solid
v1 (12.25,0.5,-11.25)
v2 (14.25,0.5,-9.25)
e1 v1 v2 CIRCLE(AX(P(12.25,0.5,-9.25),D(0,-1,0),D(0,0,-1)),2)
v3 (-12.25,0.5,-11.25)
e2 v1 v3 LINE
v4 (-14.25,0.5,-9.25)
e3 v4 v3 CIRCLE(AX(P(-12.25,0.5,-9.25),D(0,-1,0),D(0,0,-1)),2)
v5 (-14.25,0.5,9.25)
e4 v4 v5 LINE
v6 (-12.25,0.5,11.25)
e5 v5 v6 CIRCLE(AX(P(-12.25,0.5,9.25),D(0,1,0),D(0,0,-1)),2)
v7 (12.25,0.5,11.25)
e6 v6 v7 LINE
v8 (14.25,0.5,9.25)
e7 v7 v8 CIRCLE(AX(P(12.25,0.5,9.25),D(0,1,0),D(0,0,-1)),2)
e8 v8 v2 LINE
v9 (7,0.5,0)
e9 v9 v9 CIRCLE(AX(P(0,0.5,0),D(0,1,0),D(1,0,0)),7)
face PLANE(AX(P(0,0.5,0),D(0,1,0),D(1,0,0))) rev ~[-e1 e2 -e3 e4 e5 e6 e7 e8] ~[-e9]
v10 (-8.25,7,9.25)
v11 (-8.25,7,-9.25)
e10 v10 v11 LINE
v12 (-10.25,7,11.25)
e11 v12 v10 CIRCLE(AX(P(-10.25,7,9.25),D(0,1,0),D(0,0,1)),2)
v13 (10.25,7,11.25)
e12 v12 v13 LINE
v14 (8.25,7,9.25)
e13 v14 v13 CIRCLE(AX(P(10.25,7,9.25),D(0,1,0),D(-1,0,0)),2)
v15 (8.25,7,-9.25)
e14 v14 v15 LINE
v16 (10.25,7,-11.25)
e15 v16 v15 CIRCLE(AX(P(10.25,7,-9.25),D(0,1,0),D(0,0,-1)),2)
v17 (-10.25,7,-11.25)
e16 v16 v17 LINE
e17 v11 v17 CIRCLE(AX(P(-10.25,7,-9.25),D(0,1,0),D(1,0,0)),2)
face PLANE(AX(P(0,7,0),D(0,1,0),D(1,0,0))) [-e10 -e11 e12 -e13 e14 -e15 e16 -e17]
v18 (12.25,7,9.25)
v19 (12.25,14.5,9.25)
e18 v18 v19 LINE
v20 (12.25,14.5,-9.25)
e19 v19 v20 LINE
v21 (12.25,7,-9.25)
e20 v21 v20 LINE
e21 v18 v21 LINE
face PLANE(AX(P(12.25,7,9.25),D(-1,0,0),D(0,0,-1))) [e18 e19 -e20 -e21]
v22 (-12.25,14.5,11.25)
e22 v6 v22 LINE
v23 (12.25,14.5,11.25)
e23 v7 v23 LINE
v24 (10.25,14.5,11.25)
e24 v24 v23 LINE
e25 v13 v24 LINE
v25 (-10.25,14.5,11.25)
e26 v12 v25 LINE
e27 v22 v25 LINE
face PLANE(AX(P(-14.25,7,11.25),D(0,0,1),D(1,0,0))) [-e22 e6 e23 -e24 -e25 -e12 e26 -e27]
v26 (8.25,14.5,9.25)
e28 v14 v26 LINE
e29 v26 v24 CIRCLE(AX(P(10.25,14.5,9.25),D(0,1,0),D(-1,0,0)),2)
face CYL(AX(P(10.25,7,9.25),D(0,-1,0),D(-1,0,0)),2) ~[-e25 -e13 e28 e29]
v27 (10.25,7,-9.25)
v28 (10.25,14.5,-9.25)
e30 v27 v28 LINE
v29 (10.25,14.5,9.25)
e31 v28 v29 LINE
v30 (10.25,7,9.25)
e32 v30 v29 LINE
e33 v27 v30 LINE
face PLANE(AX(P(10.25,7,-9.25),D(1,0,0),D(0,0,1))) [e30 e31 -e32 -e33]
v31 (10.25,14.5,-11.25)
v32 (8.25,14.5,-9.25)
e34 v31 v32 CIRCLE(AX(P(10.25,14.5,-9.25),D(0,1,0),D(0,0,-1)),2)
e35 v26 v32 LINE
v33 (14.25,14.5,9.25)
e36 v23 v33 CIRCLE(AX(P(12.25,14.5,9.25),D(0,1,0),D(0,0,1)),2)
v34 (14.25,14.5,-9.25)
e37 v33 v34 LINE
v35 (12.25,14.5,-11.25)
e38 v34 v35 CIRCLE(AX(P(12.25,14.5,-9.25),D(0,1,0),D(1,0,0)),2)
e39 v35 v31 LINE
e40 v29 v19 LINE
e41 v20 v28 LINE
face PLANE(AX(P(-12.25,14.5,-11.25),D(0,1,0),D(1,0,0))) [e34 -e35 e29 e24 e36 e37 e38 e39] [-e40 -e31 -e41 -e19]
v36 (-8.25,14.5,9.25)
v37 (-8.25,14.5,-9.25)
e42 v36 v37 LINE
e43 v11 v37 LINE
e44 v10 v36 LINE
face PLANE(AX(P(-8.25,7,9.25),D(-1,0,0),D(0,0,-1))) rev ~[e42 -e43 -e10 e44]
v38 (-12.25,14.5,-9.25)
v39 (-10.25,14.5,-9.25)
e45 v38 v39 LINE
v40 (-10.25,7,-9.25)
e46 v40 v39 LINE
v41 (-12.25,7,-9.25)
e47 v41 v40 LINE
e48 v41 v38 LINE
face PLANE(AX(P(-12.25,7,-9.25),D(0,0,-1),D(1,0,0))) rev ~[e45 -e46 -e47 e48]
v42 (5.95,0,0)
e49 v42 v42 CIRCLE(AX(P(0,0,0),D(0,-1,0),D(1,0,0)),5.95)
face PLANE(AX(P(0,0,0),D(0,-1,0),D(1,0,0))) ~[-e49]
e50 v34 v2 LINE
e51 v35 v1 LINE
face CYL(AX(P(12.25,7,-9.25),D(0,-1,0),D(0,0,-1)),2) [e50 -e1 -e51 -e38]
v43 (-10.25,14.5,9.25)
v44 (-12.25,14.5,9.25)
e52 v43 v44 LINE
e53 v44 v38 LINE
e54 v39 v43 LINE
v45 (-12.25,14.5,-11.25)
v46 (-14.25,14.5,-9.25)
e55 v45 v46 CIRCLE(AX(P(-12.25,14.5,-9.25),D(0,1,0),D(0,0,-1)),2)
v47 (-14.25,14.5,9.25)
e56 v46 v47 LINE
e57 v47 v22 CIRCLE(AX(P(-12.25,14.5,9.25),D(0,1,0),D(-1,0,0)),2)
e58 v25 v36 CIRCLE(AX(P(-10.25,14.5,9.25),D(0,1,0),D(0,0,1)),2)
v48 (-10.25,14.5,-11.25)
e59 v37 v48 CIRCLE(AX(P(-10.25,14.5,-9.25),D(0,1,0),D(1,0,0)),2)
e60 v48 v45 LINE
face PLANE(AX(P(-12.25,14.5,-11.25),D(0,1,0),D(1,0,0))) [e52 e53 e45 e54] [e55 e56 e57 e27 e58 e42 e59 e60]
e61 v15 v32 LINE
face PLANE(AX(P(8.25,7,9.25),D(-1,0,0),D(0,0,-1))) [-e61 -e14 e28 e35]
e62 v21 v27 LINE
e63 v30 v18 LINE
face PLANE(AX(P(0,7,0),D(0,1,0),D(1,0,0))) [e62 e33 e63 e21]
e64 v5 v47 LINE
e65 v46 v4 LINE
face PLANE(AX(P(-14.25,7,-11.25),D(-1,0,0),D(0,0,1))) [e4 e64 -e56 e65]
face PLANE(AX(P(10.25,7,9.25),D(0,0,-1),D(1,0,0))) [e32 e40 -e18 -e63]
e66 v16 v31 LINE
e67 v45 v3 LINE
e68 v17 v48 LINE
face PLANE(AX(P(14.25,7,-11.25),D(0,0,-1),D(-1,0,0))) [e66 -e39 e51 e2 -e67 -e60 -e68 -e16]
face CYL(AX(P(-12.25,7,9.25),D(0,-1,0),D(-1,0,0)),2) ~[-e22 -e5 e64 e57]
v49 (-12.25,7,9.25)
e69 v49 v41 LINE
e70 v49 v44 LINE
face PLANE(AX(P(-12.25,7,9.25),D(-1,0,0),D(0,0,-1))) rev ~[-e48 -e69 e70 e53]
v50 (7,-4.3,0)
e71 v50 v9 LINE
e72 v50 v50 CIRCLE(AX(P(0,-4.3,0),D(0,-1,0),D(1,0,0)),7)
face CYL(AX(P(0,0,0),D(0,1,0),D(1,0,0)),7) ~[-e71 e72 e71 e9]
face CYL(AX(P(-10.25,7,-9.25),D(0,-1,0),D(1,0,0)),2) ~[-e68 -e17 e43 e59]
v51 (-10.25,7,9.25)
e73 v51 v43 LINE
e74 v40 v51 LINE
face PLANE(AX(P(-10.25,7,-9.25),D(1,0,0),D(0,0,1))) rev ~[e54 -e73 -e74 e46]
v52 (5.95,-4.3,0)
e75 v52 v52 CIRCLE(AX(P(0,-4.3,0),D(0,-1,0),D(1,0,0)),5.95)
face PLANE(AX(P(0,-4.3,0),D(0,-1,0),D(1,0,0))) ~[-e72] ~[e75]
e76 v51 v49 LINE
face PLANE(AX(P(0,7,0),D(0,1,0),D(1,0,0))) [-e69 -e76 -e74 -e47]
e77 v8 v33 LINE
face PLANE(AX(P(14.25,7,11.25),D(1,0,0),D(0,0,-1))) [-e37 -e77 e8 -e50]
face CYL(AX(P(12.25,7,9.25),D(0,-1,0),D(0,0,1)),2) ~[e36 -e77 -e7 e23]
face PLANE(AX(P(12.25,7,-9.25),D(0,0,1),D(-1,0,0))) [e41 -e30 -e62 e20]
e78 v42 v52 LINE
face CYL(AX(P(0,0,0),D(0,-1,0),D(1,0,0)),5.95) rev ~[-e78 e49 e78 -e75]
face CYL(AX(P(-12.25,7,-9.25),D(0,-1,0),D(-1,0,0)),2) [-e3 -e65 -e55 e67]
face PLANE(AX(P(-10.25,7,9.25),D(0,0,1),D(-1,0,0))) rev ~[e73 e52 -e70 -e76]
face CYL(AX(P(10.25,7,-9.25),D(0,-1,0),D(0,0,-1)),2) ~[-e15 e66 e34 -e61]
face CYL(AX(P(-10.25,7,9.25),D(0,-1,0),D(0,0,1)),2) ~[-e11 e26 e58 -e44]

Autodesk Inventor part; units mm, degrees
ref_plane "YZ Plane" through (0, 0, 0) normal (1, 0, 0) x (0, 1, 0)
ref_plane "XZ Plane" through (0, 0, 0) normal (0, 1, 0) x (-1, 0, 0)
ref_plane "XY Plane" through (0, 0, 0) normal (0, 0, 1) x (1, 0, 0)
sketch "Sketch1" plane through (0, 0, 0) normal (0, 0, 1) x (1, 0, 0)
  line L0 (0, 0) -> (7, 0)
  line L1 (7, 0) -> (7, 7)
  line L2 (7, 7) -> (0, 7)
  line L3 (0, 7) -> (0, 0)
  line L4 (7, 0) -> (5.95, 0)
  line L5 (5.95, 0) -> (5.95, -4.3)
  line L6 (5.95, -4.3) -> (7, -4.3)
  line L7 (7, -4.3) -> (7, 0)
  dimension "d0" = 7
  dimension "d1" = 7
  dimension "d2" = 1.05
  dimension "d3" = 4.3
revolve "Revolution1" add sketch "Sketch1" angle 360 about axis through (0, 7, 0) along (0, -1, 0)
sketch "Sketch2" plane through (0, 7, 0) normal (0, 1, 0) x (1, 0, 0)
  line L0 (-14.25, -11.25) -> (14.25, -11.25)
  line L1 (14.25, -11.25) -> (14.25, 11.25)
  line L2 (14.25, 11.25) -> (-14.25, 11.25)
  line L3 (-14.25, 11.25) -> (-14.25, -11.25)
  line L4 (-14.25, -11.25) -> (14.25, 11.25) construction
  line L5 (14.25, -11.25) -> (-14.25, 11.25) construction
  point P0 (0, 0)
  dimension "d5" = 28.5
  dimension "d6" = 22.5
extrude "Extrusion1" add sketch "Sketch2" against normal blind 6.5
fillet "Fillet1" radius 2 4 edges at (-14.25, 3.75, 11.25) (-14.25, 3.75, -11.25) (14.25, 3.75, 11.25) (14.25, 3.75, -11.25)
sketch "Sketch3" plane through (-12.25, 7, -11.25) normal (0, 1, 0) x (1, 0, 0)
  arc A0 (26.5, -2) -> (24.5, 0) centre (24.5, -2) ccw projected
  line L0 (24.5, 0) -> (0, 0) projected
  arc A1 (0, 0) -> (-2, -2) centre (0, -2) ccw projected
  line L1 (-2, -2) -> (-2, -20.5) projected
  arc A2 (-2, -20.5) -> (0, -22.5) centre (0, -20.5) ccw projected
  line L2 (0, -22.5) -> (24.5, -22.5) projected
  arc A3 (24.5, -22.5) -> (26.5, -20.5) centre (24.5, -20.5) ccw projected
  line L3 (26.5, -20.5) -> (26.5, -2) projected
  line L4 (24.5, 0) -> (0, 0) projected
  line L5 (0, -22.5) -> (2, -22.5)
  line L6 (4, -20.5) -> (4, -2)
  line L7 (2, 0) -> (0, 0)
  line L8 (-2, -2) -> (-2, -20.5)
  arc A4 (0, 0) -> (-2, -2) centre (0, -2) ccw
  arc A5 (4, -2) -> (2, 0) centre (2, -2) ccw
  arc A6 (-2, -20.5) -> (0, -22.5) centre (0, -20.5) ccw
  arc A7 (2, -22.5) -> (4, -20.5) centre (2, -20.5) ccw
  line L9 (12.25, 1.2488) -> (12.25, 2.7237)
  arc A8 (26.5, -2) -> (24.5, 0) centre (24.5, -2) ccw
  line L10 (26.5, -2) -> (26.5, -20.5)
  arc A9 (24.5, -22.5) -> (26.5, -20.5) centre (24.5, -20.5) ccw
  line L11 (24.5, -22.5) -> (22.5, -22.5)
  line L12 (20.5, -20.5) -> (20.5, -2)
  line L13 (22.5, 0) -> (24.5, 0)
  line L14 (26.5, -2) -> (26.5, -20.5)
  arc A10 (26.5, -2) -> (24.5, 0) centre (24.5, -2) ccw
  arc A11 (22.5, 0) -> (20.5, -2) centre (22.5, -2) ccw
  arc A12 (24.5, -22.5) -> (26.5, -20.5) centre (24.5, -20.5) ccw
  arc A13 (20.5, -20.5) -> (22.5, -22.5) centre (22.5, -20.5) ccw
  line L15 (2, -2) -> (2, -20.5)
  line L16 (2, -20.5) -> (0, -20.5)
  line L17 (0, -20.5) -> (0, -2)
  line L18 (0, -2) -> (2, -2)
  line L19 (22.5, -2) -> (22.5, -20.5)
  line L20 (22.5, -20.5) -> (24.5, -20.5)
  line L21 (24.5, -20.5) -> (24.5, -2)
  line L22 (24.5, -2) -> (22.5, -2)
  point P0 (12.25, -11.25)
  point P1 (4, 0)
  point P2 (-2, 0)
  point P3 (20.5, 0)
  point P4 (26.5, 0)
  point P5 (2, 0)
  point P6 (2, -22.5)
  dimension "d10" = 6
  dimension "d11" = 2
  dimension "d12" = 2
  dimension "d13" = 2
extrude "Extrusion2" add sketch "Sketch3" along normal blind 7.5 contours L3 A3 L2 A13 L12 A11 L0 A0 | A5 L6 A7 L2 A2 L1 A1 L0
properties part number "Keller"
